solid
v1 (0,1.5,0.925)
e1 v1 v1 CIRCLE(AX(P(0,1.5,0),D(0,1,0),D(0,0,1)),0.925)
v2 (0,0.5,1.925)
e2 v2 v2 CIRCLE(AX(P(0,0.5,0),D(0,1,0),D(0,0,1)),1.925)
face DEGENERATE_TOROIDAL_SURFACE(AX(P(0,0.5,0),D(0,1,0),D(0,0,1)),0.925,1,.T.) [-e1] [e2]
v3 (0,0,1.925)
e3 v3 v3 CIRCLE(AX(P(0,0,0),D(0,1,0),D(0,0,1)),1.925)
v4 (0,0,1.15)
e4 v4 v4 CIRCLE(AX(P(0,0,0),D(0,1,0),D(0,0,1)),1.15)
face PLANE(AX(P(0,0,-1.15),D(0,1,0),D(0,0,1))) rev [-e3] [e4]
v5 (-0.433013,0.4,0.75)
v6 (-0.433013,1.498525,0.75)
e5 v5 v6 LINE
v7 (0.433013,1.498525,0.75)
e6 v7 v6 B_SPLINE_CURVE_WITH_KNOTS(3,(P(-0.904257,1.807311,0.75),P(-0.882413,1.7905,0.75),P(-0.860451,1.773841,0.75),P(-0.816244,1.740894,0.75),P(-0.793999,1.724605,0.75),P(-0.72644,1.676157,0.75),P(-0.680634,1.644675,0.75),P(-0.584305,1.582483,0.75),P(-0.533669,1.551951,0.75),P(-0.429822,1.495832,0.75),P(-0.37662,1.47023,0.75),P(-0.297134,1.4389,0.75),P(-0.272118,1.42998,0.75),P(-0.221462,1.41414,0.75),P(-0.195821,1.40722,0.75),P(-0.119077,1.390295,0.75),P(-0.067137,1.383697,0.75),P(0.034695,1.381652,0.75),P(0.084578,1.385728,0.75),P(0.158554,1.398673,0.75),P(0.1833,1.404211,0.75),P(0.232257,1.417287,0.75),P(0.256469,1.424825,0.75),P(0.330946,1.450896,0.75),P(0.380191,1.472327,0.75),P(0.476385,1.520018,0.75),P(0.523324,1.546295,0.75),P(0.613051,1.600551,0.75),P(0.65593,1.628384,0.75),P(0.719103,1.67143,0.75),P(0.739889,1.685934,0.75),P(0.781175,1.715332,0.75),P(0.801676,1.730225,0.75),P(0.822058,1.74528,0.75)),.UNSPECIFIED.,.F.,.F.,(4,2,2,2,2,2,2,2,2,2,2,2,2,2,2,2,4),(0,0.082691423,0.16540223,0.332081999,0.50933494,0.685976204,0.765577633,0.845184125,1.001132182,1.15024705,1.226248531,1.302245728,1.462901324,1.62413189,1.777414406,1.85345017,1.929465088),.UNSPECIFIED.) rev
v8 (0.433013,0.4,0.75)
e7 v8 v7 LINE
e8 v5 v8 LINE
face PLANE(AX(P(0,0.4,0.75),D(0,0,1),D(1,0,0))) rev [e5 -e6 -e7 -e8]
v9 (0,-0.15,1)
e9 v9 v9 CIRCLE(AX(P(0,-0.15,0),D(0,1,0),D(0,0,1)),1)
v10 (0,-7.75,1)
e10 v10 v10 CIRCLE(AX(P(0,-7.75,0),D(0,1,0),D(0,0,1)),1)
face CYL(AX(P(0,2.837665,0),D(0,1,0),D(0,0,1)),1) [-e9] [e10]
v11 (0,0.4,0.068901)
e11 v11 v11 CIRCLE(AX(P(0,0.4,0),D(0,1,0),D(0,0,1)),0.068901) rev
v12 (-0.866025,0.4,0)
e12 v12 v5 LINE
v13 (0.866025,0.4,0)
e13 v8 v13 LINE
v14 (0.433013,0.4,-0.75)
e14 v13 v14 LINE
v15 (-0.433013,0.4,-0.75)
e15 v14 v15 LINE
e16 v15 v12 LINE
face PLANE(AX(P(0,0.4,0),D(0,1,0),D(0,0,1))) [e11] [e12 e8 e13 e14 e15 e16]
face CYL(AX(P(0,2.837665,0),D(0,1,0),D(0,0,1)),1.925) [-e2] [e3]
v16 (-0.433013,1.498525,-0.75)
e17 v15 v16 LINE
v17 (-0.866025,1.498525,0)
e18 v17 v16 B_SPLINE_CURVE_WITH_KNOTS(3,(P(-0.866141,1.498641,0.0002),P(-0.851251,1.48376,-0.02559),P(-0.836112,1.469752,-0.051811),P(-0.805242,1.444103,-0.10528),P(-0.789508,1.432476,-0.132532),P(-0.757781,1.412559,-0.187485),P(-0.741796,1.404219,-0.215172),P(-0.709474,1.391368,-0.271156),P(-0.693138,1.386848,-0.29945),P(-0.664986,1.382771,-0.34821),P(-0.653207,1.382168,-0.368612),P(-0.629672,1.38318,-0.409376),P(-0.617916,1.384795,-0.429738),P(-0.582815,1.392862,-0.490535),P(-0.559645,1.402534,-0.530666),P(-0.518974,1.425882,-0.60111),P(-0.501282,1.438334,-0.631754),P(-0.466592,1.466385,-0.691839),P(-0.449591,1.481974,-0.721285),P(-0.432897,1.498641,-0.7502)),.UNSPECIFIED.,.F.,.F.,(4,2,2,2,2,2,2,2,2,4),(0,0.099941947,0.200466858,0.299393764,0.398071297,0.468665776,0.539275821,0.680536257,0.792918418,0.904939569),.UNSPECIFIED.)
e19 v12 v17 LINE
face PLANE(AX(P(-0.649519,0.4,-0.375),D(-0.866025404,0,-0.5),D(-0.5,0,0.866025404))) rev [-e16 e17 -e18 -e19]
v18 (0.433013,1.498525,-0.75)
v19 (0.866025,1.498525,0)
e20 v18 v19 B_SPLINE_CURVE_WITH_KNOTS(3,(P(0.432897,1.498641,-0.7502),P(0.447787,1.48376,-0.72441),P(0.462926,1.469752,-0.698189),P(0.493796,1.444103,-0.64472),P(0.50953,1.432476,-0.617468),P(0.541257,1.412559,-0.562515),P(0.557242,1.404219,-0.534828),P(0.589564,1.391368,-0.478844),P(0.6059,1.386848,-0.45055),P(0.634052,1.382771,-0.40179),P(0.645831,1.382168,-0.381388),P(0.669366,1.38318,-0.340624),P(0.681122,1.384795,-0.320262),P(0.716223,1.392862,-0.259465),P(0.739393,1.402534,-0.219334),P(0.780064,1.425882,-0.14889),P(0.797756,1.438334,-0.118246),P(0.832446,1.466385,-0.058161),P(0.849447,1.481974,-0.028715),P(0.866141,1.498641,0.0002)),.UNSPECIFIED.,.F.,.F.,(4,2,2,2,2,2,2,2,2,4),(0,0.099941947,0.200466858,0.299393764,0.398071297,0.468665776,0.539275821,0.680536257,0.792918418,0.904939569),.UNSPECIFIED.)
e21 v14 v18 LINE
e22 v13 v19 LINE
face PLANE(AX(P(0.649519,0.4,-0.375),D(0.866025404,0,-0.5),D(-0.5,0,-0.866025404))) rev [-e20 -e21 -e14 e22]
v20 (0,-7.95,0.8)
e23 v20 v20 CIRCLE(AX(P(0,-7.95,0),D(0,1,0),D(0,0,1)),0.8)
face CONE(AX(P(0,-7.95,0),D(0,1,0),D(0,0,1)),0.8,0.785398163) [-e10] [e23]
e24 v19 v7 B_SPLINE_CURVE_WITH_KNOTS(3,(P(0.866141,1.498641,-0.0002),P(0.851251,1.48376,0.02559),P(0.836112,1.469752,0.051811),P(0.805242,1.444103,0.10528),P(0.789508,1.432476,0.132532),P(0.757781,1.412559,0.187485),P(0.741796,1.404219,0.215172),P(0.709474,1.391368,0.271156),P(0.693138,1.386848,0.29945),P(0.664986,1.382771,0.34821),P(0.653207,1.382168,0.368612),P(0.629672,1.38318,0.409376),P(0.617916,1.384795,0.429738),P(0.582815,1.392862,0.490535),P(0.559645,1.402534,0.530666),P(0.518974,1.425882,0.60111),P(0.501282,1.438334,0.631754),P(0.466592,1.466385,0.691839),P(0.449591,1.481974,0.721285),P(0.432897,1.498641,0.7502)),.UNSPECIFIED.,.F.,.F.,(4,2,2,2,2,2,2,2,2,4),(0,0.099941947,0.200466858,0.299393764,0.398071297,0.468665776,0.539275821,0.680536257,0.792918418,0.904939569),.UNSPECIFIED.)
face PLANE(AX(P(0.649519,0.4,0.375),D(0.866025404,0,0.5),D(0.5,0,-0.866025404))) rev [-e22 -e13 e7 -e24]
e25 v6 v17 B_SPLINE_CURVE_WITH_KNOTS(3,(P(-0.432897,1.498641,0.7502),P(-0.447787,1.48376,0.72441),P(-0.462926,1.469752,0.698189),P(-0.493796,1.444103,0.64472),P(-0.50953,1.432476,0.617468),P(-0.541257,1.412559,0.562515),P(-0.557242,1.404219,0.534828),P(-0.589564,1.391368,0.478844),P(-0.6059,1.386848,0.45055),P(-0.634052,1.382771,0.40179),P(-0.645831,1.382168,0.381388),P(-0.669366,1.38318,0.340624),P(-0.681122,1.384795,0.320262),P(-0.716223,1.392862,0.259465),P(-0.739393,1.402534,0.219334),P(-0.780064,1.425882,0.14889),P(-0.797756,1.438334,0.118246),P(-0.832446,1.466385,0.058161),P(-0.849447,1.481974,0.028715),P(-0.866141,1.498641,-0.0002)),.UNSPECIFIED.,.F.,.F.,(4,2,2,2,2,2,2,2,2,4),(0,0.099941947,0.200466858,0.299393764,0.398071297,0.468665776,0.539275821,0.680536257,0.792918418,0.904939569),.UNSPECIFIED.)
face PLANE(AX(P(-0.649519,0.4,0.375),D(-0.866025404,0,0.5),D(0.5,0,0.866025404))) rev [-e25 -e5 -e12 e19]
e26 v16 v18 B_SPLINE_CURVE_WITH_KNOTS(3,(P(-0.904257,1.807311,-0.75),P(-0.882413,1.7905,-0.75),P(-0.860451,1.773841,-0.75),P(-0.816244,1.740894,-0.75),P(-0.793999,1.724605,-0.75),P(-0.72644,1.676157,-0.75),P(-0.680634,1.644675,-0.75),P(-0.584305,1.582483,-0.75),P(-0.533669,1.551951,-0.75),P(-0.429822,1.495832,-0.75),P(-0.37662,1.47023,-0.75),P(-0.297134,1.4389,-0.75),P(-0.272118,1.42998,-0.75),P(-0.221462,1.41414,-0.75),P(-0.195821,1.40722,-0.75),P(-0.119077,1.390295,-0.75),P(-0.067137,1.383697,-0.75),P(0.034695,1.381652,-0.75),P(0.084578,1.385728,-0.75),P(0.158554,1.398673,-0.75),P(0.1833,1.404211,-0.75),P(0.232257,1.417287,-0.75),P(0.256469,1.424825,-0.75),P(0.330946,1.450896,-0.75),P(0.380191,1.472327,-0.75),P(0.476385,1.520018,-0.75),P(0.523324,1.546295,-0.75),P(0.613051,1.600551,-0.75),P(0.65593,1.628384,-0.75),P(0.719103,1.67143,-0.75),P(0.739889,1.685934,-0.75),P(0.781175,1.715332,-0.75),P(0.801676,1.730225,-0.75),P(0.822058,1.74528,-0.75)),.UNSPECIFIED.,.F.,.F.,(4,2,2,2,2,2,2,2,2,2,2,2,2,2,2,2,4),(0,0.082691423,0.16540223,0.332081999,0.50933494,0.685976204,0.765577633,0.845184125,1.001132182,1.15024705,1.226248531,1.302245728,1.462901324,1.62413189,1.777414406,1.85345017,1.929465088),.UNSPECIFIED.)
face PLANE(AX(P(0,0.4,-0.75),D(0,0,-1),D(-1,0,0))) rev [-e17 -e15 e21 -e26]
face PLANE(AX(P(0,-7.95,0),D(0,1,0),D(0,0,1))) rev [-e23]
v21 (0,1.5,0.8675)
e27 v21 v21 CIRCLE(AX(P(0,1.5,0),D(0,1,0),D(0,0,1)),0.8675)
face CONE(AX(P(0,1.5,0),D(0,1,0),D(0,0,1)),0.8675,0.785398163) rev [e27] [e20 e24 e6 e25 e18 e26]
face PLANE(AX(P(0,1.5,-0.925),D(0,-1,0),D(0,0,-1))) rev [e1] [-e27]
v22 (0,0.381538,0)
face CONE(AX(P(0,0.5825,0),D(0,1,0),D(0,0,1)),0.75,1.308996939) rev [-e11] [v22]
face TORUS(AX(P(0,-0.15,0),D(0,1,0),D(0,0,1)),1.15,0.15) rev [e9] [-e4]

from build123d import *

# Parameters (mm, degrees)
CUT_EXTRUDE1_DEPTH  = 1.1
BOSS_EXTRUDE1_REACH = 12.334
BOSS_EXTRUDE1_START = -0.5
SKETCH2_3_R         = 1.309481769


with BuildPart() as part:
    # Sketch1 → Revolve1 (revolve)
    with BuildSketch(Plane(origin=(0, 0, 0), x_dir=(0, 0, -1), z_dir=(1, 0, 0))):
        with BuildLine():
            Line((0, -7.95), (0.8, -7.95))
            Line((0.8, -7.95), (1, -7.75))
            Line((1, -7.75), (1, -0.15))
            ThreePointArc((1, -0.15), (1.043933983, -0.043933983), (1.15, 0))
            Line((1.15, 0), (1.925, 0))
            Line((1.925, 0), (1.925, 0.5))
            ThreePointArc((1.925, 0.5), (1.632106781, 1.207106781), (0.925, 1.5))
            Line((0.925, 1.5), (0.8675, 1.5))
            Line((0.8675, 1.5), (0.75, 1.3825))
            Line((0.75, 1.3825), (0.75, 0.5825))
            Line((0.75, 0.5825), (0, 0.381538106))
            Line((0, 0.381538106), (0, -7.95))
        make_face()
    revolve(axis=Axis((0, 2.837665271, 0), (0, -1, 0)))

    # Sketch2 → Cut-Extrude1 (cut)
    with BuildSketch(Plane(origin=(0, 1.5, 0), x_dir=(1, 0, 0), z_dir=(0, 1, 0))):
        Polygon((-0.433012702, -0.75), (0.433012702, -0.75), (0.866025404, 0), (0.433012702, 0.75), (-0.433012702, 0.75), (-0.866025404, 0), align=None)
    extrude(amount=-CUT_EXTRUDE1_DEPTH, mode=Mode.SUBTRACT)

    # Boss-Extrude1: up to this cone (the profile starts inside it)
    boss_extrude1_end = Plane(origin=(0, 1, 0), z_dir=(0, 1, 0)).offset(-0.618460894) * Cone(3.732e-06, 58.819334231, 15.760592106, align=(Align.CENTER, Align.CENTER, Align.MIN), mode=Mode.PRIVATE)
    # Sketch2<3> → Boss-Extrude1 (add, up to the surface)
    with BuildSketch(Plane(origin=(0, 1.5, 0), x_dir=(1, 0, 0), z_dir=(0, 1, 0)).offset(BOSS_EXTRUDE1_START), mode=Mode.PRIVATE) as boss_extrude1_sk1:
        Circle(SKETCH2_3_R)
        Polygon((0.433012702, -0.75), (0.866025404, 0), (0.433012702, 0.75), (-0.433012702, 0.75), (-0.866025404, 0), (-0.433012702, -0.75), align=None, mode=Mode.SUBTRACT)
    boss_extrude1_tool1 = extrude(boss_extrude1_sk1.sketch, amount=-BOSS_EXTRUDE1_REACH, mode=Mode.PRIVATE) & boss_extrude1_end
    add(boss_extrude1_tool1.solids().sort_by_distance((-1.272444, 1, 0))[0])


solid = part.part
